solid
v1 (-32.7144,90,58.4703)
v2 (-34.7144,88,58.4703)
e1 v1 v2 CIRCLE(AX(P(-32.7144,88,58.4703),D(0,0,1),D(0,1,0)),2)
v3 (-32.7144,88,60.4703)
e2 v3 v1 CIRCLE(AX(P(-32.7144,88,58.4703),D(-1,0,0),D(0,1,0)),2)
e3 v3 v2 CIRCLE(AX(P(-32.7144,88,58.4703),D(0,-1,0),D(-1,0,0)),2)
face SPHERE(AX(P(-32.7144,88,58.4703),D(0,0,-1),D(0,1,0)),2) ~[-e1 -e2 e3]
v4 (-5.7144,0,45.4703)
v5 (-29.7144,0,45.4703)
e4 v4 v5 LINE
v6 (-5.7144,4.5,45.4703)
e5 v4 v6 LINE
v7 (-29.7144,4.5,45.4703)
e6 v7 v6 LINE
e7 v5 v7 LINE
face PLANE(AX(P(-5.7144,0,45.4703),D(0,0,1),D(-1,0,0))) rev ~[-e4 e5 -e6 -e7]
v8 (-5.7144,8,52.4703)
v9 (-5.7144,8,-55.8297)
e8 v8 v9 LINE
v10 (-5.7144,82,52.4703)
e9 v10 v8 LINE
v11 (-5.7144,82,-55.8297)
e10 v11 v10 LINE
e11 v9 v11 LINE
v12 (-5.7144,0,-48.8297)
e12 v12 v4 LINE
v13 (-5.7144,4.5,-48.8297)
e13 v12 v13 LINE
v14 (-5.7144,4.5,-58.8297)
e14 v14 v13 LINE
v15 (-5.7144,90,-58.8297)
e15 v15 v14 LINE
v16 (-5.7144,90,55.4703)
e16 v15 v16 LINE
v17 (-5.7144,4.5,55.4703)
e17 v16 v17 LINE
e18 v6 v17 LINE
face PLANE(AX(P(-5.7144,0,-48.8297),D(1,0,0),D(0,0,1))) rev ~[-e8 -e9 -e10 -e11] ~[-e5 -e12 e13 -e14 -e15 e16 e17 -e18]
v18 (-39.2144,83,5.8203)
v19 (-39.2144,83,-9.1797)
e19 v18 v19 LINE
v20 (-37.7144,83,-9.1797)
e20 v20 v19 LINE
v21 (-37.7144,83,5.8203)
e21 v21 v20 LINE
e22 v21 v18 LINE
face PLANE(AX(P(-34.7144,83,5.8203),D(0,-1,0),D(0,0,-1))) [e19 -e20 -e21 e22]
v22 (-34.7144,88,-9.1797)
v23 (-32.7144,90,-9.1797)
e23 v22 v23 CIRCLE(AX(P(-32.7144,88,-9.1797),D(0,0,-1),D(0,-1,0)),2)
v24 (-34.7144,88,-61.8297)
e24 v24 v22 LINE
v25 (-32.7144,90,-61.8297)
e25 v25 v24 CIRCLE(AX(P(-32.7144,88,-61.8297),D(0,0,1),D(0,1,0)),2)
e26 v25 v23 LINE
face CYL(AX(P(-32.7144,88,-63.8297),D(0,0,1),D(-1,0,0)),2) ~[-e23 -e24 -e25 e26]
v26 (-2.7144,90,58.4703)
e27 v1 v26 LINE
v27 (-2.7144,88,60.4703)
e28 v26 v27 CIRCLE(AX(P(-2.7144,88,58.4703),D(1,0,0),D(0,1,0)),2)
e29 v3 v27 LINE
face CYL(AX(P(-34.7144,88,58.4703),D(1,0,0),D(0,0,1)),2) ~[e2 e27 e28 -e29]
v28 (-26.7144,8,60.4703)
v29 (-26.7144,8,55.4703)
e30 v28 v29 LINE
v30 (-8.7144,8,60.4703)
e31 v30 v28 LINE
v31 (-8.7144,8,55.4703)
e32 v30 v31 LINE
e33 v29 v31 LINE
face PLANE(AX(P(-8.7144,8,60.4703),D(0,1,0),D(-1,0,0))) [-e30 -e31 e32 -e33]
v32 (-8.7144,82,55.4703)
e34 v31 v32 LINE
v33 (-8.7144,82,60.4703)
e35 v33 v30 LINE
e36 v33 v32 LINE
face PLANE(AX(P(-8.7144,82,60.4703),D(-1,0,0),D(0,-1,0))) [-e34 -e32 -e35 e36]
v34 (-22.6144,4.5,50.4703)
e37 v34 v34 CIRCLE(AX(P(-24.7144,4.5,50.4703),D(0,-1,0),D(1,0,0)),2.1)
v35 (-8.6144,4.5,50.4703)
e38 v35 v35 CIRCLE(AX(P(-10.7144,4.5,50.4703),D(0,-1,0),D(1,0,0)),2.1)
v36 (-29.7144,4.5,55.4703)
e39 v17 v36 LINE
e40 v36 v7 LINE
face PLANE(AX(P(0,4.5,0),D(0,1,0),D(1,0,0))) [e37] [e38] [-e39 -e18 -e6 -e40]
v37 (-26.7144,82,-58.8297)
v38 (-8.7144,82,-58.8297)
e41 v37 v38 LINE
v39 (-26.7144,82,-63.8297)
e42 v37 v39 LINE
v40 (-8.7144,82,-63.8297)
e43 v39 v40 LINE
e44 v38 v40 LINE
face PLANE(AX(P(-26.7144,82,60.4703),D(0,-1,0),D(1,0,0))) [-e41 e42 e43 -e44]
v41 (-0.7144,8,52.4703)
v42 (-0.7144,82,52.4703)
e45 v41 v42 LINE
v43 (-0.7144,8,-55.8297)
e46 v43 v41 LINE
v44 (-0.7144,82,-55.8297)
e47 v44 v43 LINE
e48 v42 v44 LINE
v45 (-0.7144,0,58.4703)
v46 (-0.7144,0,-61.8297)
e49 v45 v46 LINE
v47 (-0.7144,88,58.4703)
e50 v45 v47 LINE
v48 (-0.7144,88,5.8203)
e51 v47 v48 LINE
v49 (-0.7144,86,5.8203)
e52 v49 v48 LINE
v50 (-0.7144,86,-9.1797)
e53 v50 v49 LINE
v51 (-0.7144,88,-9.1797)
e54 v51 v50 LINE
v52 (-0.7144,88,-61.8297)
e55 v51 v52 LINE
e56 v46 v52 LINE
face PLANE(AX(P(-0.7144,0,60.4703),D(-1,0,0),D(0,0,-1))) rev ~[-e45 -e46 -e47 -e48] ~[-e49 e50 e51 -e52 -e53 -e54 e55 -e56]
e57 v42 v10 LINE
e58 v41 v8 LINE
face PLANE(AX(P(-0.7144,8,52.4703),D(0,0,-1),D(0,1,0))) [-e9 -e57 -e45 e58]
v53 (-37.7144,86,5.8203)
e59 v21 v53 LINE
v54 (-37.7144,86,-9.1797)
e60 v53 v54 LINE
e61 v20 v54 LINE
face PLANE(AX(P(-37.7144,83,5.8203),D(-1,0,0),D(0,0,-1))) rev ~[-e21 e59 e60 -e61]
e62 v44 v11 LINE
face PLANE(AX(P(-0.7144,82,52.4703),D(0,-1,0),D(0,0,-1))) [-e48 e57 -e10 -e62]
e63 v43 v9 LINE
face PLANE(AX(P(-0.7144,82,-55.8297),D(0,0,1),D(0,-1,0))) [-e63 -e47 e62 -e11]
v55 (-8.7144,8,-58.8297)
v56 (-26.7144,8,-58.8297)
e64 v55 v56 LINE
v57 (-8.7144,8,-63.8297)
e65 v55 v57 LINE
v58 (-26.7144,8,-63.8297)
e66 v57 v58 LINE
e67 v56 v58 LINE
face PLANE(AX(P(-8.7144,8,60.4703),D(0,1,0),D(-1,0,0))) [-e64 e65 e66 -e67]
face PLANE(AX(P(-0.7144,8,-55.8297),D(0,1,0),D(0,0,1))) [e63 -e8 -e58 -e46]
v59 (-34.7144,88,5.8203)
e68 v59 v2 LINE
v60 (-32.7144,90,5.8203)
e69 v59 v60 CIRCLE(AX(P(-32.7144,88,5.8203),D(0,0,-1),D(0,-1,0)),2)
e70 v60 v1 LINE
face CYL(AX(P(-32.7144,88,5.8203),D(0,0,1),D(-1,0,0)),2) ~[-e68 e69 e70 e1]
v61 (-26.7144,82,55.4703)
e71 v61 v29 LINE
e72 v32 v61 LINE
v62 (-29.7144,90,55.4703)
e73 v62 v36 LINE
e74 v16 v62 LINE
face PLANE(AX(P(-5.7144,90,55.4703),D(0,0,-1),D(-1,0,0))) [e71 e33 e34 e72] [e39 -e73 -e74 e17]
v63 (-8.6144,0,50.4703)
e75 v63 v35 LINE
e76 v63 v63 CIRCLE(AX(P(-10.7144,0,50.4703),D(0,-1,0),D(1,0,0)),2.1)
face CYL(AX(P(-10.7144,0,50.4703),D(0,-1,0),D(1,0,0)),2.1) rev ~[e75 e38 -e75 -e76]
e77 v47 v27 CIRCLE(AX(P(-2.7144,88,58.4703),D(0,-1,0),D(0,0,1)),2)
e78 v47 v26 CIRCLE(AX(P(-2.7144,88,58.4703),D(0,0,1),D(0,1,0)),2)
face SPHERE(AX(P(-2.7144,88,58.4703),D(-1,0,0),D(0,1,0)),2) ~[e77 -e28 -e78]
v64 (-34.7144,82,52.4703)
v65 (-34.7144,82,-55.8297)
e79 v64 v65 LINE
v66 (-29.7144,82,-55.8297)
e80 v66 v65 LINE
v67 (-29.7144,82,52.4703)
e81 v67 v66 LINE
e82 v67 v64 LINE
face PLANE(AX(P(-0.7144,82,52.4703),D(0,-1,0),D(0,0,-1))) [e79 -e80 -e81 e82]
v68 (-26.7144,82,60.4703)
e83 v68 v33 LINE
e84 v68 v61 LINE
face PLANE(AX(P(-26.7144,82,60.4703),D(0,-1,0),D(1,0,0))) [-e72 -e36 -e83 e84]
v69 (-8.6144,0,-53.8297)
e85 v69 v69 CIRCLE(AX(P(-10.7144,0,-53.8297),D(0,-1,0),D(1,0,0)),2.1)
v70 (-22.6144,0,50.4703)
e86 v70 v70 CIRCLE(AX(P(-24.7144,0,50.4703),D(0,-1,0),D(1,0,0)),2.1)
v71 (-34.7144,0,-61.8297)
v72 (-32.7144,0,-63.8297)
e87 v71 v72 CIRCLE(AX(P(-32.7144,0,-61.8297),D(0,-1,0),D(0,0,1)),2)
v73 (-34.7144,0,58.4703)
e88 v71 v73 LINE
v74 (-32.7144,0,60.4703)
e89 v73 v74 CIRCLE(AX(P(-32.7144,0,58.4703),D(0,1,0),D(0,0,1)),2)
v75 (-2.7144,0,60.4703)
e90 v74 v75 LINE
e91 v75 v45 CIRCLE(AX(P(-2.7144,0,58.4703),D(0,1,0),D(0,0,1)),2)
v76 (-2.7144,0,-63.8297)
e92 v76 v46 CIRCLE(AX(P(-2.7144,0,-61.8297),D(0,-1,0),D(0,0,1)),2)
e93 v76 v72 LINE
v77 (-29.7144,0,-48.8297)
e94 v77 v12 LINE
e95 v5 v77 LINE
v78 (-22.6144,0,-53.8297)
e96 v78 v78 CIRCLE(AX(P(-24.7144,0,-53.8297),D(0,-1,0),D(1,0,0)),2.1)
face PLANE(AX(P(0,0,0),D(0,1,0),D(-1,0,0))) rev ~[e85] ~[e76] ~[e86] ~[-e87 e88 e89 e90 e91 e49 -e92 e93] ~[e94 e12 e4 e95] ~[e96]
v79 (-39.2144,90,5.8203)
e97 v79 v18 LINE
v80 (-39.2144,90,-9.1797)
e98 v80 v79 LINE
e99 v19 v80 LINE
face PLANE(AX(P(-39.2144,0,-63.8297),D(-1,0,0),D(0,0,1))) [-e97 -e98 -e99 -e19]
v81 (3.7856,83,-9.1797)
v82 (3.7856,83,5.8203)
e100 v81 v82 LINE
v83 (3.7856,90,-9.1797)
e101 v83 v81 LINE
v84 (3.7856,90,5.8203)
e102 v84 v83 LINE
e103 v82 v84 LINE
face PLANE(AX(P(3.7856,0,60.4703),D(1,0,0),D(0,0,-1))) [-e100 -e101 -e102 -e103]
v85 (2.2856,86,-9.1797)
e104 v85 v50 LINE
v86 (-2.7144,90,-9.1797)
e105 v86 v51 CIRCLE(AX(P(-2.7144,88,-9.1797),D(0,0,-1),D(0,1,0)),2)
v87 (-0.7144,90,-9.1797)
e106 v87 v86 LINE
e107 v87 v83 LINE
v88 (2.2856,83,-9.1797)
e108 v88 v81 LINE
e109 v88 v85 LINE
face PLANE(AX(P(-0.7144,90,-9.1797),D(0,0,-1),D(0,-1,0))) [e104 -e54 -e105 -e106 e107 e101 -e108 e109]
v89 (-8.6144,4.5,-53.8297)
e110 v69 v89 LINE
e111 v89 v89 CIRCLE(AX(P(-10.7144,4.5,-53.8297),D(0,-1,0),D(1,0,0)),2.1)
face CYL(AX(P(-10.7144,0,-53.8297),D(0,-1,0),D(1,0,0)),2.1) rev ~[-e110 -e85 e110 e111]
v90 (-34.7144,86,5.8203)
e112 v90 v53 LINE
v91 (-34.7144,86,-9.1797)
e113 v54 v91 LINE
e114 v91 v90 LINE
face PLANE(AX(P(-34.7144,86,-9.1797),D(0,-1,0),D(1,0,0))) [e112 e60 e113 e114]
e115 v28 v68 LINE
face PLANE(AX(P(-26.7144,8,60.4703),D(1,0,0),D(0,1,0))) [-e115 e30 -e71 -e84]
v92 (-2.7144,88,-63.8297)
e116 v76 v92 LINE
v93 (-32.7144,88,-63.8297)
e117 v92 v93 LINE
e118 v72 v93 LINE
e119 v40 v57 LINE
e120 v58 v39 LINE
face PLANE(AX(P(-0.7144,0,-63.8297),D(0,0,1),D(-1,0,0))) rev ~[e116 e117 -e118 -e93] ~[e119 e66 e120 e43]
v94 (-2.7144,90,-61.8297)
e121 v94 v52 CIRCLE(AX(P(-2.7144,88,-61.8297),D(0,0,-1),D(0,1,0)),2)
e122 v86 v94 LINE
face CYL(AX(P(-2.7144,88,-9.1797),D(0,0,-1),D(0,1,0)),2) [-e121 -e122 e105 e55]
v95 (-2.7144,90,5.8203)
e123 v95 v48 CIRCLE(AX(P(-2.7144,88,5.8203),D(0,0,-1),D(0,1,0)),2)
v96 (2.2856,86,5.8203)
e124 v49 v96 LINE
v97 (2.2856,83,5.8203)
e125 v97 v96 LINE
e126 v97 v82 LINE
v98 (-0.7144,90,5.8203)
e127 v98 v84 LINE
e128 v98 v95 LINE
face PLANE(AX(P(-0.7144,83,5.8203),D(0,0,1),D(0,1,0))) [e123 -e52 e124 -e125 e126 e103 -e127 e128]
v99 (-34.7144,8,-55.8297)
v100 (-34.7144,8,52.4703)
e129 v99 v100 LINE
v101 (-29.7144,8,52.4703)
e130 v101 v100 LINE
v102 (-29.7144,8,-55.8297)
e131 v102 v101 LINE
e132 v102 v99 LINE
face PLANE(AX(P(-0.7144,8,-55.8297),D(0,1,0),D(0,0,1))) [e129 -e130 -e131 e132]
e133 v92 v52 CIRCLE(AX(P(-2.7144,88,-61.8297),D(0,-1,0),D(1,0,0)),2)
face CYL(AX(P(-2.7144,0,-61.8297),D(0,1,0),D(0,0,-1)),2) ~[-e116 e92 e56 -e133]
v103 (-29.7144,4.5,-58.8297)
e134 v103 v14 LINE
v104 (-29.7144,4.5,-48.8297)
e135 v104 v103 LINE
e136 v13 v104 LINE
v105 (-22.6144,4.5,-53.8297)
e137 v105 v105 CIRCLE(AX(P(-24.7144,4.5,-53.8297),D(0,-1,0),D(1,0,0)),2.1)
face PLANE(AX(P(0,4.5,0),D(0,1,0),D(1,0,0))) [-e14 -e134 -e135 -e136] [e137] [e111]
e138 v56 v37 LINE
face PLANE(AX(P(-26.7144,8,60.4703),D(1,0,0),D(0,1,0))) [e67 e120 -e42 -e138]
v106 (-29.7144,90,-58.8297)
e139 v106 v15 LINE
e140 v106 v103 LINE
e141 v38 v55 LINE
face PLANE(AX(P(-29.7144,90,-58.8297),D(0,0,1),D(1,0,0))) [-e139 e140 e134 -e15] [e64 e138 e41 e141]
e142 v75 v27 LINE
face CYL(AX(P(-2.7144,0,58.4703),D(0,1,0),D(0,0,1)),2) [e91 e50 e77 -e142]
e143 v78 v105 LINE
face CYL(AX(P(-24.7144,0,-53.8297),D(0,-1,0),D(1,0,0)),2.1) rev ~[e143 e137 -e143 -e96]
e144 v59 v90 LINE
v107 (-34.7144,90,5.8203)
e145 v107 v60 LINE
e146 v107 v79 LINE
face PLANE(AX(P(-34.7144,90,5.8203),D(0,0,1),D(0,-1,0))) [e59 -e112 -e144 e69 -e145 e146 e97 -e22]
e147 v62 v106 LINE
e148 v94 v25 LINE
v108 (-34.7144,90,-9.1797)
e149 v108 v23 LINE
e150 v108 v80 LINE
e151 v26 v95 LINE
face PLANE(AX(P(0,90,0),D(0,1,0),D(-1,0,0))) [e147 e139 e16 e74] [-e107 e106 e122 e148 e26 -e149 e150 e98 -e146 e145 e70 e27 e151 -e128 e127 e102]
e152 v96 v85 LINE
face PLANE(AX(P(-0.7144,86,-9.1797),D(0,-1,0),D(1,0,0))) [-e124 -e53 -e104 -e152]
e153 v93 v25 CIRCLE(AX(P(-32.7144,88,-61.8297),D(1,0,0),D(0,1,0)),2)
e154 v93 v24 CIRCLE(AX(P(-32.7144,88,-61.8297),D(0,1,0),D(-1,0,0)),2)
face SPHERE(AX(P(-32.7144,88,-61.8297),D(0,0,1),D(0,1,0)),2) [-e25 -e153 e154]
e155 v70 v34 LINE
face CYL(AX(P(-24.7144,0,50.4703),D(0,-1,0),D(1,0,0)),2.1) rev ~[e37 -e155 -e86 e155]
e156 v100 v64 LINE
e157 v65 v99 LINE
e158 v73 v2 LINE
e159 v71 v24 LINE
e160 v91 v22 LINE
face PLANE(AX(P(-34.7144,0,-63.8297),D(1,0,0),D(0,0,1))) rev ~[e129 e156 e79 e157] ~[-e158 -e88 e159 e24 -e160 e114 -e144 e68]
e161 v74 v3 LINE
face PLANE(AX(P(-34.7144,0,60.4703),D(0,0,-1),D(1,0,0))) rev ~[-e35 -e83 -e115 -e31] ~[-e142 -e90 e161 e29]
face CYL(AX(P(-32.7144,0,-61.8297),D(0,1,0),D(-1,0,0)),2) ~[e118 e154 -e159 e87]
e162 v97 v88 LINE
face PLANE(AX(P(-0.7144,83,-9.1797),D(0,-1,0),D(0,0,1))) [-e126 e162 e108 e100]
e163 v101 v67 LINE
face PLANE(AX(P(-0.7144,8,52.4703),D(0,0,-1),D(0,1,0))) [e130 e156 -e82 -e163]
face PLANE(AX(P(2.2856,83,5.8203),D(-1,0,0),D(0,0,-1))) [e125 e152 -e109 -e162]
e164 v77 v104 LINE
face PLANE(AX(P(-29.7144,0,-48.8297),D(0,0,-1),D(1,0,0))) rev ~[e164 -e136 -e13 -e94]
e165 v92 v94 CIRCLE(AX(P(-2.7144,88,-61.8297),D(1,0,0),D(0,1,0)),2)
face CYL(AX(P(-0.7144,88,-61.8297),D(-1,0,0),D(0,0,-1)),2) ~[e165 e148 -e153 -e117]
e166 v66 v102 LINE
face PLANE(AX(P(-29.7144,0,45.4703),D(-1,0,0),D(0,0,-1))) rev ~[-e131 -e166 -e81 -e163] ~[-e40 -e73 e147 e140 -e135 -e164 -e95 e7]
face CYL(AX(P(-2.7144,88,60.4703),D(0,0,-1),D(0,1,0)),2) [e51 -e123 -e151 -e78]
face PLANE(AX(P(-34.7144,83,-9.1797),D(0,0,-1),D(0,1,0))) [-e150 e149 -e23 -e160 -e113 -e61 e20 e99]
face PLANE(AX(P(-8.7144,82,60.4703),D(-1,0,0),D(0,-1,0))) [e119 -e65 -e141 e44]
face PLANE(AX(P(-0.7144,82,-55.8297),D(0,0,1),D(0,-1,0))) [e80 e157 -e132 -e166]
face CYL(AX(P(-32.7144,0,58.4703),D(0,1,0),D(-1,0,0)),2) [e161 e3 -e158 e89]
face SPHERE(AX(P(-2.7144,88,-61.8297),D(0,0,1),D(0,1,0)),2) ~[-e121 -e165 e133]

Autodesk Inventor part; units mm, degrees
ref_plane "YZ Plane" through (0, 0, 0) normal (1, 0, 0) x (0, 1, 0)
ref_plane "XZ Plane" through (0, 0, 0) normal (0, 1, 0) x (-1, 0, 0)
ref_plane "XY Plane" through (0, 0, 0) normal (0, 0, 1) x (1, 0, 0)
sketch "Sketch1" plane through (0, 0, 0) normal (0, 1, 0) x (-1, 0, 0)
  point P0 (0, 0)
sketch "Sketch2" plane through (0, 0, 0) normal (0, 1, 0) x (-1, 0, 0)
  line L0 (34.7144, 60.4703) -> (0.7144, 60.4703)
  line L1 (0.7144, 60.4703) -> (0.7144, -63.8297)
  line L2 (0.7144, -63.8297) -> (34.7144, -63.8297)
  line L3 (34.7144, -63.8297) -> (34.7144, 60.4703)
  point P0 (0, 0)
  dimension "d0" = 124.3
  dimension "d1" = 34
extrude "Extrusion1" add sketch "Sketch2" along normal blind 90
sketch "Sketch3" plane through (0, 90, 0) normal (0, 1, 0) x (1, 0, 0)
  line L0 (-34.7144, -60.4703) -> (-0.7144, -60.4703) construction
  line L1 (-0.7144, -60.4703) -> (-0.7144, 63.8297) construction
  line L2 (-0.7144, 63.8297) -> (-34.7144, 63.8297) construction
  line L3 (-34.7144, 63.8297) -> (-34.7144, -60.4703) construction
  line L4 (-29.7144, 58.8297) -> (-5.7144, 58.8297)
  line L5 (-5.7144, 58.8297) -> (-5.7144, -55.4703)
  line L6 (-5.7144, -55.4703) -> (-29.7144, -55.4703)
  line L7 (-29.7144, -55.4703) -> (-29.7144, 58.8297)
  point P0 (0, 0)
  dimension "d4" = 114.3
  dimension "d5" = 24
  dimension "d6" = 5
  dimension "d7" = 5
  dimension "d8" = 5
  dimension "d9" = 5
extrude "Extrusion2" cut sketch "Sketch3" against normal blind 85.5
sketch "Sketch4" plane through (-0.7144, 0, 60.4703) normal (1, 0, 0) x (0, 0, -1)
  line L0 (124.3, 0) -> (124.3, 90) construction
  line L1 (0, 90) -> (124.3, 90) construction
  line L2 (54.65, 90) -> (69.65, 90)
  line L3 (69.65, 90) -> (69.65, 83)
  line L4 (69.65, 83) -> (54.65, 83)
  line L5 (54.65, 83) -> (54.65, 90)
  point P0 (60.4703, 0)
  dimension "d12" = 15
  dimension "d13" = 7
  dimension "d14" = 0
  dimension "d15" = 54.65
extrude "Extrusion3" add sketch "Sketch4" along normal blind 4.5
sketch "Sketch5" plane through (-34.7144, 0, -63.8297) normal (-1, 0, 0) x (0, 0, 1)
  line L0 (124.3, 0) -> (124.3, 90) construction
  line L1 (0, 90) -> (124.3, 90) construction
  line L2 (54.65, 90) -> (69.65, 90)
  line L3 (69.65, 90) -> (69.65, 83)
  line L4 (69.65, 83) -> (54.65, 83)
  line L5 (54.65, 83) -> (54.65, 90)
  point P0 (63.8297, 0)
  dimension "d18" = 7
  dimension "d19" = 15
  dimension "d20" = 0
  dimension "d21" = 54.65
extrude "Extrusion4" add sketch "Sketch5" along normal blind 4.5
sketch "Sketch6" plane through (-34.7144, 83, -9.1797) normal (0, -1, 0) x (1, 0, 0)
  line L0 (0, 15) -> (0, 0) construction
  line L1 (0, 15) -> (-4.5, 15) construction
  line L2 (-3, 0) -> (0, 0)
  line L3 (0, 0) -> (0, 15)
  line L4 (0, 15) -> (-3, 15)
  line L5 (-3, 15) -> (-3, 0)
  point P0 (34.7144, 9.1797)
  dimension "d24" = 15
  dimension "d25" = 3
  dimension "d26" = 0
  dimension "d27" = 0
extrude "Extrusion5" cut sketch "Sketch6" against normal blind 3
sketch "Sketch7" plane through (-0.7144, 83, -9.1797) normal (0, -1, 0) x (1, 0, 0)
  line L0 (0, 0) -> (0, 15) construction
  line L1 (0, 15) -> (4.5, 15) construction
  line L2 (0, 15) -> (3, 15)
  line L3 (3, 15) -> (3, 0)
  line L4 (3, 0) -> (0, 0)
  line L5 (0, 0) -> (0, 15)
  point P0 (0.7144, 9.1797)
  dimension "d30" = 15
  dimension "d31" = 3
  dimension "d32" = 0
  dimension "d33" = 0
extrude "Extrusion6" cut sketch "Sketch7" against normal blind 3
sketch "Sketch8" plane through (-34.7144, 0, 60.4703) normal (0, 0, 1) x (1, 0, 0)
  line L0 (0, 0) -> (34, 0) construction
  line L1 (34, 0) -> (34, 90) construction
  line L2 (0, 90) -> (34, 90) construction
  line L3 (0, 0) -> (0, 90) construction
  line L4 (8, 82) -> (26, 82)
  line L5 (26, 82) -> (26, 8)
  line L6 (26, 8) -> (8, 8)
  line L7 (8, 8) -> (8, 82)
  point P0 (34.7144, 0)
  dimension "d38" = 8
  dimension "d39" = 8
  dimension "d84" = 8
  dimension "d85" = 8
extrude "Extrusion7" cut sketch "Sketch8" against normal blind 124.3
sketch "Sketch9" plane through (-0.7144, 0, 60.4703) normal (1, 0, 0) x (0, 0, -1)
  line L0 (0, 0) -> (0, 90) construction
  line L1 (0, 0) -> (124.3, 0) construction
  line L2 (124.3, 0) -> (124.3, 90) construction
  line L3 (69.65, 90) -> (124.3, 90) construction
  line L4 (8, 82) -> (116.3, 82)
  line L5 (116.3, 82) -> (116.3, 8)
  line L6 (116.3, 8) -> (8, 8)
  line L7 (8, 8) -> (8, 82)
  point P0 (60.4703, 0)
  dimension "d46" = 8
  dimension "d48" = 8
  dimension "d82" = 8
  dimension "d83" = 8
extrude "Extrusion8" cut sketch "Sketch9" against normal blind 34
sketch "Sketch11" plane through (0, 0, 0) normal (0, -1, 0) x (1, 0, 0)
  line L0 (-34.7144, 60.4703) -> (-0.7144, 60.4703) construction
  line L1 (-34.7144, -63.8297) -> (-34.7144, 60.4703) construction
  line L2 (-0.7144, -63.8297) -> (-34.7144, -63.8297) construction
  line L3 (-0.7144, 60.4703) -> (-0.7144, -63.8297) construction
  circle A0 centre (-24.7144, -53.8297) radius 2.1
  circle A1 centre (-10.7144, -53.8297) radius 2.1
  circle A2 centre (-24.7144, 50.4703) radius 2.1
  circle A3 centre (-10.7144, 50.4703) radius 2.1
  line L4 (-29.7144, -48.8297) -> (-5.7144, -48.8297)
  line L5 (-5.7144, -48.8297) -> (-5.7144, 45.4703)
  line L6 (-5.7144, 45.4703) -> (-29.7144, 45.4703)
  line L7 (-29.7144, 45.4703) -> (-29.7144, -48.8297)
  point P0 (0, 0)
  dimension "d52" = 4.2
  dimension "d53" = 10
  dimension "d54" = 10
  dimension "d55" = 4.2
  dimension "d56" = 10
  dimension "d57" = 10
  dimension "d58" = 4.2
  dimension "d59" = 10
  dimension "d60" = 10
  dimension "d61" = 4.2
  dimension "d62" = 10
  dimension "d63" = 10
  dimension "d66" = 94.3
  dimension "d67" = 24
  dimension "d68" = 5
  dimension "d69" = 5
  dimension "d70" = 5
  dimension "d71" = 5
extrude "Extrusion9" cut sketch "Sketch11" against normal blind 5 contours A0 | A1 | A2 | A3
sketch "Sketch12" plane through (0, 0, 0) normal (0, -1, 0) x (1, 0, 0)
  circle A0 centre (-24.7144, 50.4703) radius 2.1 construction
  circle A1 centre (-24.7144, -53.8297) radius 2.1 construction
  line L0 (-34.7144, -63.8297) -> (-34.7144, 60.4703) construction
  line L1 (-0.7144, 60.4703) -> (-0.7144, -63.8297) construction
  line L2 (-29.7144, -48.8297) -> (-5.7144, -48.8297)
  line L3 (-5.7144, -48.8297) -> (-5.7144, 45.4703)
  line L4 (-5.7144, 45.4703) -> (-29.7144, 45.4703)
  line L5 (-29.7144, 45.4703) -> (-29.7144, -48.8297)
  point P0 (0, 0)
  dimension "d72" = 94.3
  dimension "d73" = 24
  dimension "d74" = 5
  dimension "d75" = 5
  dimension "d76" = 5
  dimension "d77" = 5
extrude "Extrusion10" cut sketch "Sketch12" against normal blind 5
fillet "Fillet1" radius 2 10 edges at (-34.7144, 90, -36.5047) (-34.7144, 90, 33.1453) (-17.7144, 90, 60.4703) (-0.7144, 90, 33.1453) (-0.7144, 90, -36.5047) (-17.7144, 90, -63.8297) (-34.7144, 45, 60.4703) (-0.7144, 45, 60.4703) (-0.7144, 45, -63.8297) (-34.7144, 45, -63.8297)
equation "\"d38\" = d84"
equation "\"d39\" = d84"
equation "\"d85\" = d84"
equation "\"d48\" = d46"
equation "\"d82\" = d48"
equation "\"d83\" = d46"
equation "\"d52\" = d55"
equation "\"d55\" = d61"
equation "\"d58\" = d61"
properties part number "Battery Case2"
